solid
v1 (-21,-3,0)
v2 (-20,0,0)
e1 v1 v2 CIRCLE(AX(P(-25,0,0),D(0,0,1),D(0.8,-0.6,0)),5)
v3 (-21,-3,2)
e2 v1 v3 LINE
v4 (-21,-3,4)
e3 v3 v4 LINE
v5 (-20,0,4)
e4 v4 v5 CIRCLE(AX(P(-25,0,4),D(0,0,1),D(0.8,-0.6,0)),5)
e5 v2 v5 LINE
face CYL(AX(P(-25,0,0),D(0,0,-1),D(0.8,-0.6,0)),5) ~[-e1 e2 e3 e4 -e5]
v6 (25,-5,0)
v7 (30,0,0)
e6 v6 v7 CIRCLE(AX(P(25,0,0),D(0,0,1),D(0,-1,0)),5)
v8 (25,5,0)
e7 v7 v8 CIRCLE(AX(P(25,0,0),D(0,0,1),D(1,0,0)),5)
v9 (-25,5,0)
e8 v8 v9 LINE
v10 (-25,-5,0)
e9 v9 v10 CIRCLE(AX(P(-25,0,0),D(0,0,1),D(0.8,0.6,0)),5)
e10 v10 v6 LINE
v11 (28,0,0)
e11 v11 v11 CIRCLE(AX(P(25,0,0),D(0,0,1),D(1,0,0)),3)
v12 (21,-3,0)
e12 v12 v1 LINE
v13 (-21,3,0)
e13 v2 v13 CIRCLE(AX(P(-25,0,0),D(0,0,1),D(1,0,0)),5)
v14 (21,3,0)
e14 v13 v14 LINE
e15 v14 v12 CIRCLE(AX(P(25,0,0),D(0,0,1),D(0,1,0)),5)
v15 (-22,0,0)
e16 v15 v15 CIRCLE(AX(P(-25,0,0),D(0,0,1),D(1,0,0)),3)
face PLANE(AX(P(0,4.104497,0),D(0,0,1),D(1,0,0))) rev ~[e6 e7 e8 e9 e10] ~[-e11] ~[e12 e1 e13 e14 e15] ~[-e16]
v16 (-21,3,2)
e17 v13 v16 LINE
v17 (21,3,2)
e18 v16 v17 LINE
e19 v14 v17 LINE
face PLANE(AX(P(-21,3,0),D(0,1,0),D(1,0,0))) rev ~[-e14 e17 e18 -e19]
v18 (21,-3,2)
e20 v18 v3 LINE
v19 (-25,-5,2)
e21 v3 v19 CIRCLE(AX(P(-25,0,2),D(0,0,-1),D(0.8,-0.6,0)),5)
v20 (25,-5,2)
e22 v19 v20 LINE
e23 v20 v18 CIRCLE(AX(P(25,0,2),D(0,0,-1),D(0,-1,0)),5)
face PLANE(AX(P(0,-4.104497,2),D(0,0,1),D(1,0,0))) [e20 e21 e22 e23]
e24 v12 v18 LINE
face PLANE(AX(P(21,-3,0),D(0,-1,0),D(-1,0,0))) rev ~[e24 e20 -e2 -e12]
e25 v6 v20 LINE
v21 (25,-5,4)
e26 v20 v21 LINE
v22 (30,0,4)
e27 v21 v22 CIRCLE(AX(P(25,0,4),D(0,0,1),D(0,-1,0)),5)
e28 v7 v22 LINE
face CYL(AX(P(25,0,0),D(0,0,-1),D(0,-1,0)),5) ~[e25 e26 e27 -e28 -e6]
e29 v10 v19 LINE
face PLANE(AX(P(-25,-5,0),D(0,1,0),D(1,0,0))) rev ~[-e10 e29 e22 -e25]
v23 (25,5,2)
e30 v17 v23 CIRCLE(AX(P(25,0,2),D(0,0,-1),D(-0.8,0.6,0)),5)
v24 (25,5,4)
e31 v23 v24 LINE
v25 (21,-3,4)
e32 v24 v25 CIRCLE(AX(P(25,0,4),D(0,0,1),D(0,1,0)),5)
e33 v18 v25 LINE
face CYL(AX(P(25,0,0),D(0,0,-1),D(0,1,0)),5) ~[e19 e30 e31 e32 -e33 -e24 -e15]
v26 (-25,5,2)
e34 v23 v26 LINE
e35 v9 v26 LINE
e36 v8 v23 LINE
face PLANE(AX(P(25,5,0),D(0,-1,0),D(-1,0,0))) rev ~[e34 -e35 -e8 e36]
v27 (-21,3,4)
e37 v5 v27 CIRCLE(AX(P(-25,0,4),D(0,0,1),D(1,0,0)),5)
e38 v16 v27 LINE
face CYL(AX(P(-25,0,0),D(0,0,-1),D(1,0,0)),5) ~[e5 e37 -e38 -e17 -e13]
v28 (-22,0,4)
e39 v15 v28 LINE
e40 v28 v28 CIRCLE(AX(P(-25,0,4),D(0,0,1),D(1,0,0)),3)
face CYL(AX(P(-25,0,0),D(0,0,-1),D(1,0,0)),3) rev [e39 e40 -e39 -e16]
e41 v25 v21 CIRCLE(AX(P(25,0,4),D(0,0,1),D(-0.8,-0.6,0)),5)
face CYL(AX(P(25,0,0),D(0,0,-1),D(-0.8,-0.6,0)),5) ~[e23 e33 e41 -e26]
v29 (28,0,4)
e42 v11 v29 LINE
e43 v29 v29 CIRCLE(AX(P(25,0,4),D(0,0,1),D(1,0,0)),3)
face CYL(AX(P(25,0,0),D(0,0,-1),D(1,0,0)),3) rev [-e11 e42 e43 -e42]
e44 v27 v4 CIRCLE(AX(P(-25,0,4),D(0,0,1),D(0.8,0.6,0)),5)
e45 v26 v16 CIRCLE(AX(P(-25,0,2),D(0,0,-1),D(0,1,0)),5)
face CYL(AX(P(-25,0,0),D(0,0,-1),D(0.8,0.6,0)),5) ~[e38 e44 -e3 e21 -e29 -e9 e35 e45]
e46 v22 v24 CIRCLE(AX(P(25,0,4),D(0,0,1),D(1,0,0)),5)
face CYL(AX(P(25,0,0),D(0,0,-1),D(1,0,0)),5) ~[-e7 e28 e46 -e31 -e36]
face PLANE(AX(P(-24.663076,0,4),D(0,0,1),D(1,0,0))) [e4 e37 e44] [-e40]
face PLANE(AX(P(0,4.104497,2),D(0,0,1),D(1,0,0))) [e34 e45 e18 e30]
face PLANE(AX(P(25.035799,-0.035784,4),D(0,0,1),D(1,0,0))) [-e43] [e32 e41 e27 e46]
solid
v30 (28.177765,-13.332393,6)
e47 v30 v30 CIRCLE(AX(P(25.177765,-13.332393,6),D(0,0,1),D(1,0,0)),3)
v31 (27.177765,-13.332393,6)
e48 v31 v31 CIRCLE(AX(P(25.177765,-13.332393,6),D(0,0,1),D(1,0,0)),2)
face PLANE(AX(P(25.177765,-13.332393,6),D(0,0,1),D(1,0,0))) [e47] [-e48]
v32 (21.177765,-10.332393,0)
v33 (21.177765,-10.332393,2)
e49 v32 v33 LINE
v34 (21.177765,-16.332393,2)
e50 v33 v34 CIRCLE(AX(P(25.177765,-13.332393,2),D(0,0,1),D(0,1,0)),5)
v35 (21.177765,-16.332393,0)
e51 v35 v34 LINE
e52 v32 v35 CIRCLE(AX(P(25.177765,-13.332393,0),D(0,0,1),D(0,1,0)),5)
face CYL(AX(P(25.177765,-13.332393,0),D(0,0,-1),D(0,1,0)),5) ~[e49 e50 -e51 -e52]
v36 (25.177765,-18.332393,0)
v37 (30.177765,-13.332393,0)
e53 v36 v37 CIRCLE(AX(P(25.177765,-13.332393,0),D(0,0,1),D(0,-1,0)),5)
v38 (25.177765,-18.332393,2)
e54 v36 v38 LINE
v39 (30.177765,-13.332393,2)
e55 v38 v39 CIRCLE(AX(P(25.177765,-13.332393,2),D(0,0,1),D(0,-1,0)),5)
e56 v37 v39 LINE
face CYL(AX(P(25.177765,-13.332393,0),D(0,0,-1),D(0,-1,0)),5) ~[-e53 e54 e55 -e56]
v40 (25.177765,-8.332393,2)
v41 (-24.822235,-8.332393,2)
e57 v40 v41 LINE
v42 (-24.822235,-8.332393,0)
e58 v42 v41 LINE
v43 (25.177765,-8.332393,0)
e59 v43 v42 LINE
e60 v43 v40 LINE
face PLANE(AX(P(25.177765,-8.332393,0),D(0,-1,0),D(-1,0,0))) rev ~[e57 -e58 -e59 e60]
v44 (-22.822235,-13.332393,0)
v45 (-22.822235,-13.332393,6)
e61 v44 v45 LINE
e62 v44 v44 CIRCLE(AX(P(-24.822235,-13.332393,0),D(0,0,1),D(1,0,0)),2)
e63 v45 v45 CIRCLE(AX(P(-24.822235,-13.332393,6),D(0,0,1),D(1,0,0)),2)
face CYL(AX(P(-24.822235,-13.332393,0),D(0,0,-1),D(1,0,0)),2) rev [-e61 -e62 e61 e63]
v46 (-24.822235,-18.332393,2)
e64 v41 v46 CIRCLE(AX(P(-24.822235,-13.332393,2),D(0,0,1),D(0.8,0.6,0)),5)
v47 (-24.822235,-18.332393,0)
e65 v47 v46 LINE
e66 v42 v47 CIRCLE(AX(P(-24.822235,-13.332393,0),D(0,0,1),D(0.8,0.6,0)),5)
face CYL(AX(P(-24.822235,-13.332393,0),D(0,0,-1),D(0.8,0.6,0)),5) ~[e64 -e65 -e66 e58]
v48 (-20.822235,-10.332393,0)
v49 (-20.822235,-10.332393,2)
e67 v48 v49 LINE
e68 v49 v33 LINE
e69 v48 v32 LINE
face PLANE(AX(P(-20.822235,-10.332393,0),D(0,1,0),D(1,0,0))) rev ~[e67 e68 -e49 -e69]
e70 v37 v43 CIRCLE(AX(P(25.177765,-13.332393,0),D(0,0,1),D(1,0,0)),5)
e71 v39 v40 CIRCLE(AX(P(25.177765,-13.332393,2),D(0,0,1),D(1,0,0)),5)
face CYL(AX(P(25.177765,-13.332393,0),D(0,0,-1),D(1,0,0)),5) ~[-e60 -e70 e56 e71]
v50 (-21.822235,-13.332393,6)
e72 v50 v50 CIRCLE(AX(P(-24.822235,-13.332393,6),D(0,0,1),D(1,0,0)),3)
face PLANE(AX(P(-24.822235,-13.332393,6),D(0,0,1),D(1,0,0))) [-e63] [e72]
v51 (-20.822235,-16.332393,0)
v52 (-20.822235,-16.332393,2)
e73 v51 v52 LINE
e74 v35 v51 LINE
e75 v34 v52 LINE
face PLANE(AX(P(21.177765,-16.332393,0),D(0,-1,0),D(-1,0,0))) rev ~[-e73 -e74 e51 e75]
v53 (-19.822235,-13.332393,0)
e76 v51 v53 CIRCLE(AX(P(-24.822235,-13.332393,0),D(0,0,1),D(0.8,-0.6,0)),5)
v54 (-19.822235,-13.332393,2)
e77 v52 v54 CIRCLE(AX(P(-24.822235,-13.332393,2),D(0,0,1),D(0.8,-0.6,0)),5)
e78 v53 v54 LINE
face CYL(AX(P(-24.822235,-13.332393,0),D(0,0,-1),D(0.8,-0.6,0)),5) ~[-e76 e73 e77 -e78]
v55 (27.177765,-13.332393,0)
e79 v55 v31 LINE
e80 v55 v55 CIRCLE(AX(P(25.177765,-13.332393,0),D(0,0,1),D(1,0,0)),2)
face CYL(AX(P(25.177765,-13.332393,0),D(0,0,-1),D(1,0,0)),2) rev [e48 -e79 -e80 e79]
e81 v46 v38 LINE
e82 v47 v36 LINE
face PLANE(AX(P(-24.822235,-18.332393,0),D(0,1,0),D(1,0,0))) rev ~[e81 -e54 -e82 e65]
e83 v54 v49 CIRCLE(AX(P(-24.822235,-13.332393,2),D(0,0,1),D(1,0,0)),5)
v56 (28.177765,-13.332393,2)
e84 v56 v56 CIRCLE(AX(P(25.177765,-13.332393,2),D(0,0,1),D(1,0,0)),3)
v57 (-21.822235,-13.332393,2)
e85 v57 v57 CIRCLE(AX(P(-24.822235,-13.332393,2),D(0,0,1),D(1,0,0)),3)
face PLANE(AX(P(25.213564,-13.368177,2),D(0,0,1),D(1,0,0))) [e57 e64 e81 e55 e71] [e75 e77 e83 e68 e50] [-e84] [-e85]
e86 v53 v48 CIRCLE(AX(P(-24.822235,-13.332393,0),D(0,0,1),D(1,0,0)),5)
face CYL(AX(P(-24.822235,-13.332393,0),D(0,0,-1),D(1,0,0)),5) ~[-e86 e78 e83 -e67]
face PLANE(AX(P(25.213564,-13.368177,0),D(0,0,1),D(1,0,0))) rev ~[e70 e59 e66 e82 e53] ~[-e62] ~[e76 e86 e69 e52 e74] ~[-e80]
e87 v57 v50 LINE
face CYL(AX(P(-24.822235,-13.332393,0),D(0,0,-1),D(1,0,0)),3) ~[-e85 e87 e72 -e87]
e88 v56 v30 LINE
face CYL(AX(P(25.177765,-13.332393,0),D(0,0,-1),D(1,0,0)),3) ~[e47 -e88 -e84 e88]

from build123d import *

# Parameters (mm, degrees)
F0_R     = 3
F1_DEPTH = 4
F2_DEPTH = 2
F3_R     = 3
F4_DEPTH = 2
F3_R_2   = 2
F5_DEPTH = 6


with BuildPart() as f1:
    # F0 (on Top) → F1 (new body)
    with BuildSketch(Plane.XY):
        with BuildLine():
            ThreePointArc((25, -5), (28.5355339059, -3.5355339059), (30, 0))
            ThreePointArc((30, 0), (28.5355339059, 3.5355339059), (25, 5))
            ThreePointArc((25, 5), (22.7639320225, 4.472135955), (21, 3))
            ThreePointArc((21, 3), (20, 0), (21, -3))
            ThreePointArc((21, -3), (22.7639320225, -4.472135955), (25, -5))
        make_face()
        with Locations((25, 0)):
            Circle(F0_R, mode=Mode.SUBTRACT)
    extrude(amount=F1_DEPTH)



with BuildPart() as f1b:
    # F0 (on Top) → F1, piece 2 (new body)
    with BuildSketch(Plane.XY):
        with BuildLine():
            ThreePointArc((-21, 3), (-22.7639320225, 4.472135955), (-25, 5))
            ThreePointArc((-25, 5), (-30, 0), (-25, -5))
            ThreePointArc((-25, -5), (-22.7639320225, -4.472135955), (-21, -3))
            ThreePointArc((-21, -3), (-20.2565835097, -1.5811388301), (-20, 0))
            ThreePointArc((-20, 0), (-20.2565835097, 1.5811388301), (-21, 3))
        make_face()
        with Locations((-25, 0)):
            Circle(F0_R, mode=Mode.SUBTRACT)
    extrude(amount=F1_DEPTH)


with BuildPart() as f1_1:
    add(f1.part)

    add(f1b.part)  # F2 merges F1b
    # F0 (on Top) → F2 (join)
    with BuildSketch(Plane.XY):
        with BuildLine():
            ThreePointArc((21, 3), (22.7639320225, 4.472135955), (25, 5))
            Line((25, 5), (-25, 5))
            ThreePointArc((-25, 5), (-22.7639320225, 4.472135955), (-21, 3))
            Line((-21, 3), (21, 3))
        make_face()
        with BuildLine():
            Line((-25, -5), (25, -5))
            ThreePointArc((25, -5), (22.7639320225, -4.472135955), (21, -3))
            Line((21, -3), (-21, -3))
            ThreePointArc((-21, -3), (-22.7639320225, -4.472135955), (-25, -5))
        make_face()
    extrude(amount=F2_DEPTH)


with BuildPart() as f4:
    # F3 (on Top) → F4 (new body)
    with BuildSketch(Plane.XY):
        with BuildLine():
            ThreePointArc((25.1777654979, -18.3323930204), (28.7132994039, -16.8679269263), (30.1777654979, -13.3323930204))
            ThreePointArc((30.1777654979, -13.3323930204), (28.7132994039, -9.7968591145), (25.1777654979, -8.3323930204))
            ThreePointArc((25.1777654979, -8.3323930204), (22.9416975204, -8.8602570654), (21.1777654979, -10.3323930204))
            ThreePointArc((21.1777654979, -10.3323930204), (20.1777654979, -13.3323930204), (21.1777654979, -16.3323930204))
            ThreePointArc((21.1777654979, -16.3323930204), (22.9416975204, -17.8045289754), (25.1777654979, -18.3323930204))
        make_face()
        with Locations((25.1777654979, -13.3323930204)):
            Circle(F3_R, mode=Mode.SUBTRACT)
        with BuildLine():
            ThreePointArc((21.1777654979, -10.3323930204), (22.9416975204, -8.8602570654), (25.1777654979, -8.3323930204))
            Line((25.1777654979, -8.3323930204), (-24.8222345021, -8.3323930204))
            ThreePointArc((-24.8222345021, -8.3323930204), (-22.5861665246, -8.8602570654), (-20.8222345021, -10.3323930204))
            Line((-20.8222345021, -10.3323930204), (21.1777654979, -10.3323930204))
        make_face()
        with BuildLine():
            Line((-24.8222345021, -18.3323930204), (25.1777654979, -18.3323930204))
            ThreePointArc((25.1777654979, -18.3323930204), (22.9416975204, -17.8045289754), (21.1777654979, -16.3323930204))
            Line((21.1777654979, -16.3323930204), (-20.8222345021, -16.3323930204))
            ThreePointArc((-20.8222345021, -16.3323930204), (-22.5861665246, -17.8045289754), (-24.8222345021, -18.3323930204))
        make_face()
        with BuildLine():
            ThreePointArc((-20.8222345021, -10.3323930204), (-22.5861665246, -8.8602570654), (-24.8222345021, -8.3323930204))
            ThreePointArc((-24.8222345021, -8.3323930204), (-29.8222345021, -13.3323930204), (-24.8222345021, -18.3323930204))
            ThreePointArc((-24.8222345021, -18.3323930204), (-22.5861665246, -17.8045289754), (-20.8222345021, -16.3323930204))
            ThreePointArc((-20.8222345021, -16.3323930204), (-20.0788180118, -14.9135318505), (-19.8222345021, -13.3323930204))
            ThreePointArc((-19.8222345021, -13.3323930204), (-20.0788180118, -11.7512541903), (-20.8222345021, -10.3323930204))
        make_face()
        with Locations((-24.8222345021, -13.3323930204)):
            Circle(F3_R, mode=Mode.SUBTRACT)
    extrude(amount=F4_DEPTH)

    # F3 (on Top) → F5 (join)
    with BuildSketch(Plane.XY):
        with Locations((-24.8222345021, -13.3323930204)):
            Circle(F3_R)
        with Locations((-24.8222345021, -13.3323930204)):
            Circle(F3_R_2, mode=Mode.SUBTRACT)
        with Locations((25.1777654979, -13.3323930204)):
            Circle(F3_R)
        with Locations((25.1777654979, -13.3323930204)):
            Circle(F3_R_2, mode=Mode.SUBTRACT)
    extrude(amount=F5_DEPTH)


solid = Compound([f1_1.part, f4.part])
